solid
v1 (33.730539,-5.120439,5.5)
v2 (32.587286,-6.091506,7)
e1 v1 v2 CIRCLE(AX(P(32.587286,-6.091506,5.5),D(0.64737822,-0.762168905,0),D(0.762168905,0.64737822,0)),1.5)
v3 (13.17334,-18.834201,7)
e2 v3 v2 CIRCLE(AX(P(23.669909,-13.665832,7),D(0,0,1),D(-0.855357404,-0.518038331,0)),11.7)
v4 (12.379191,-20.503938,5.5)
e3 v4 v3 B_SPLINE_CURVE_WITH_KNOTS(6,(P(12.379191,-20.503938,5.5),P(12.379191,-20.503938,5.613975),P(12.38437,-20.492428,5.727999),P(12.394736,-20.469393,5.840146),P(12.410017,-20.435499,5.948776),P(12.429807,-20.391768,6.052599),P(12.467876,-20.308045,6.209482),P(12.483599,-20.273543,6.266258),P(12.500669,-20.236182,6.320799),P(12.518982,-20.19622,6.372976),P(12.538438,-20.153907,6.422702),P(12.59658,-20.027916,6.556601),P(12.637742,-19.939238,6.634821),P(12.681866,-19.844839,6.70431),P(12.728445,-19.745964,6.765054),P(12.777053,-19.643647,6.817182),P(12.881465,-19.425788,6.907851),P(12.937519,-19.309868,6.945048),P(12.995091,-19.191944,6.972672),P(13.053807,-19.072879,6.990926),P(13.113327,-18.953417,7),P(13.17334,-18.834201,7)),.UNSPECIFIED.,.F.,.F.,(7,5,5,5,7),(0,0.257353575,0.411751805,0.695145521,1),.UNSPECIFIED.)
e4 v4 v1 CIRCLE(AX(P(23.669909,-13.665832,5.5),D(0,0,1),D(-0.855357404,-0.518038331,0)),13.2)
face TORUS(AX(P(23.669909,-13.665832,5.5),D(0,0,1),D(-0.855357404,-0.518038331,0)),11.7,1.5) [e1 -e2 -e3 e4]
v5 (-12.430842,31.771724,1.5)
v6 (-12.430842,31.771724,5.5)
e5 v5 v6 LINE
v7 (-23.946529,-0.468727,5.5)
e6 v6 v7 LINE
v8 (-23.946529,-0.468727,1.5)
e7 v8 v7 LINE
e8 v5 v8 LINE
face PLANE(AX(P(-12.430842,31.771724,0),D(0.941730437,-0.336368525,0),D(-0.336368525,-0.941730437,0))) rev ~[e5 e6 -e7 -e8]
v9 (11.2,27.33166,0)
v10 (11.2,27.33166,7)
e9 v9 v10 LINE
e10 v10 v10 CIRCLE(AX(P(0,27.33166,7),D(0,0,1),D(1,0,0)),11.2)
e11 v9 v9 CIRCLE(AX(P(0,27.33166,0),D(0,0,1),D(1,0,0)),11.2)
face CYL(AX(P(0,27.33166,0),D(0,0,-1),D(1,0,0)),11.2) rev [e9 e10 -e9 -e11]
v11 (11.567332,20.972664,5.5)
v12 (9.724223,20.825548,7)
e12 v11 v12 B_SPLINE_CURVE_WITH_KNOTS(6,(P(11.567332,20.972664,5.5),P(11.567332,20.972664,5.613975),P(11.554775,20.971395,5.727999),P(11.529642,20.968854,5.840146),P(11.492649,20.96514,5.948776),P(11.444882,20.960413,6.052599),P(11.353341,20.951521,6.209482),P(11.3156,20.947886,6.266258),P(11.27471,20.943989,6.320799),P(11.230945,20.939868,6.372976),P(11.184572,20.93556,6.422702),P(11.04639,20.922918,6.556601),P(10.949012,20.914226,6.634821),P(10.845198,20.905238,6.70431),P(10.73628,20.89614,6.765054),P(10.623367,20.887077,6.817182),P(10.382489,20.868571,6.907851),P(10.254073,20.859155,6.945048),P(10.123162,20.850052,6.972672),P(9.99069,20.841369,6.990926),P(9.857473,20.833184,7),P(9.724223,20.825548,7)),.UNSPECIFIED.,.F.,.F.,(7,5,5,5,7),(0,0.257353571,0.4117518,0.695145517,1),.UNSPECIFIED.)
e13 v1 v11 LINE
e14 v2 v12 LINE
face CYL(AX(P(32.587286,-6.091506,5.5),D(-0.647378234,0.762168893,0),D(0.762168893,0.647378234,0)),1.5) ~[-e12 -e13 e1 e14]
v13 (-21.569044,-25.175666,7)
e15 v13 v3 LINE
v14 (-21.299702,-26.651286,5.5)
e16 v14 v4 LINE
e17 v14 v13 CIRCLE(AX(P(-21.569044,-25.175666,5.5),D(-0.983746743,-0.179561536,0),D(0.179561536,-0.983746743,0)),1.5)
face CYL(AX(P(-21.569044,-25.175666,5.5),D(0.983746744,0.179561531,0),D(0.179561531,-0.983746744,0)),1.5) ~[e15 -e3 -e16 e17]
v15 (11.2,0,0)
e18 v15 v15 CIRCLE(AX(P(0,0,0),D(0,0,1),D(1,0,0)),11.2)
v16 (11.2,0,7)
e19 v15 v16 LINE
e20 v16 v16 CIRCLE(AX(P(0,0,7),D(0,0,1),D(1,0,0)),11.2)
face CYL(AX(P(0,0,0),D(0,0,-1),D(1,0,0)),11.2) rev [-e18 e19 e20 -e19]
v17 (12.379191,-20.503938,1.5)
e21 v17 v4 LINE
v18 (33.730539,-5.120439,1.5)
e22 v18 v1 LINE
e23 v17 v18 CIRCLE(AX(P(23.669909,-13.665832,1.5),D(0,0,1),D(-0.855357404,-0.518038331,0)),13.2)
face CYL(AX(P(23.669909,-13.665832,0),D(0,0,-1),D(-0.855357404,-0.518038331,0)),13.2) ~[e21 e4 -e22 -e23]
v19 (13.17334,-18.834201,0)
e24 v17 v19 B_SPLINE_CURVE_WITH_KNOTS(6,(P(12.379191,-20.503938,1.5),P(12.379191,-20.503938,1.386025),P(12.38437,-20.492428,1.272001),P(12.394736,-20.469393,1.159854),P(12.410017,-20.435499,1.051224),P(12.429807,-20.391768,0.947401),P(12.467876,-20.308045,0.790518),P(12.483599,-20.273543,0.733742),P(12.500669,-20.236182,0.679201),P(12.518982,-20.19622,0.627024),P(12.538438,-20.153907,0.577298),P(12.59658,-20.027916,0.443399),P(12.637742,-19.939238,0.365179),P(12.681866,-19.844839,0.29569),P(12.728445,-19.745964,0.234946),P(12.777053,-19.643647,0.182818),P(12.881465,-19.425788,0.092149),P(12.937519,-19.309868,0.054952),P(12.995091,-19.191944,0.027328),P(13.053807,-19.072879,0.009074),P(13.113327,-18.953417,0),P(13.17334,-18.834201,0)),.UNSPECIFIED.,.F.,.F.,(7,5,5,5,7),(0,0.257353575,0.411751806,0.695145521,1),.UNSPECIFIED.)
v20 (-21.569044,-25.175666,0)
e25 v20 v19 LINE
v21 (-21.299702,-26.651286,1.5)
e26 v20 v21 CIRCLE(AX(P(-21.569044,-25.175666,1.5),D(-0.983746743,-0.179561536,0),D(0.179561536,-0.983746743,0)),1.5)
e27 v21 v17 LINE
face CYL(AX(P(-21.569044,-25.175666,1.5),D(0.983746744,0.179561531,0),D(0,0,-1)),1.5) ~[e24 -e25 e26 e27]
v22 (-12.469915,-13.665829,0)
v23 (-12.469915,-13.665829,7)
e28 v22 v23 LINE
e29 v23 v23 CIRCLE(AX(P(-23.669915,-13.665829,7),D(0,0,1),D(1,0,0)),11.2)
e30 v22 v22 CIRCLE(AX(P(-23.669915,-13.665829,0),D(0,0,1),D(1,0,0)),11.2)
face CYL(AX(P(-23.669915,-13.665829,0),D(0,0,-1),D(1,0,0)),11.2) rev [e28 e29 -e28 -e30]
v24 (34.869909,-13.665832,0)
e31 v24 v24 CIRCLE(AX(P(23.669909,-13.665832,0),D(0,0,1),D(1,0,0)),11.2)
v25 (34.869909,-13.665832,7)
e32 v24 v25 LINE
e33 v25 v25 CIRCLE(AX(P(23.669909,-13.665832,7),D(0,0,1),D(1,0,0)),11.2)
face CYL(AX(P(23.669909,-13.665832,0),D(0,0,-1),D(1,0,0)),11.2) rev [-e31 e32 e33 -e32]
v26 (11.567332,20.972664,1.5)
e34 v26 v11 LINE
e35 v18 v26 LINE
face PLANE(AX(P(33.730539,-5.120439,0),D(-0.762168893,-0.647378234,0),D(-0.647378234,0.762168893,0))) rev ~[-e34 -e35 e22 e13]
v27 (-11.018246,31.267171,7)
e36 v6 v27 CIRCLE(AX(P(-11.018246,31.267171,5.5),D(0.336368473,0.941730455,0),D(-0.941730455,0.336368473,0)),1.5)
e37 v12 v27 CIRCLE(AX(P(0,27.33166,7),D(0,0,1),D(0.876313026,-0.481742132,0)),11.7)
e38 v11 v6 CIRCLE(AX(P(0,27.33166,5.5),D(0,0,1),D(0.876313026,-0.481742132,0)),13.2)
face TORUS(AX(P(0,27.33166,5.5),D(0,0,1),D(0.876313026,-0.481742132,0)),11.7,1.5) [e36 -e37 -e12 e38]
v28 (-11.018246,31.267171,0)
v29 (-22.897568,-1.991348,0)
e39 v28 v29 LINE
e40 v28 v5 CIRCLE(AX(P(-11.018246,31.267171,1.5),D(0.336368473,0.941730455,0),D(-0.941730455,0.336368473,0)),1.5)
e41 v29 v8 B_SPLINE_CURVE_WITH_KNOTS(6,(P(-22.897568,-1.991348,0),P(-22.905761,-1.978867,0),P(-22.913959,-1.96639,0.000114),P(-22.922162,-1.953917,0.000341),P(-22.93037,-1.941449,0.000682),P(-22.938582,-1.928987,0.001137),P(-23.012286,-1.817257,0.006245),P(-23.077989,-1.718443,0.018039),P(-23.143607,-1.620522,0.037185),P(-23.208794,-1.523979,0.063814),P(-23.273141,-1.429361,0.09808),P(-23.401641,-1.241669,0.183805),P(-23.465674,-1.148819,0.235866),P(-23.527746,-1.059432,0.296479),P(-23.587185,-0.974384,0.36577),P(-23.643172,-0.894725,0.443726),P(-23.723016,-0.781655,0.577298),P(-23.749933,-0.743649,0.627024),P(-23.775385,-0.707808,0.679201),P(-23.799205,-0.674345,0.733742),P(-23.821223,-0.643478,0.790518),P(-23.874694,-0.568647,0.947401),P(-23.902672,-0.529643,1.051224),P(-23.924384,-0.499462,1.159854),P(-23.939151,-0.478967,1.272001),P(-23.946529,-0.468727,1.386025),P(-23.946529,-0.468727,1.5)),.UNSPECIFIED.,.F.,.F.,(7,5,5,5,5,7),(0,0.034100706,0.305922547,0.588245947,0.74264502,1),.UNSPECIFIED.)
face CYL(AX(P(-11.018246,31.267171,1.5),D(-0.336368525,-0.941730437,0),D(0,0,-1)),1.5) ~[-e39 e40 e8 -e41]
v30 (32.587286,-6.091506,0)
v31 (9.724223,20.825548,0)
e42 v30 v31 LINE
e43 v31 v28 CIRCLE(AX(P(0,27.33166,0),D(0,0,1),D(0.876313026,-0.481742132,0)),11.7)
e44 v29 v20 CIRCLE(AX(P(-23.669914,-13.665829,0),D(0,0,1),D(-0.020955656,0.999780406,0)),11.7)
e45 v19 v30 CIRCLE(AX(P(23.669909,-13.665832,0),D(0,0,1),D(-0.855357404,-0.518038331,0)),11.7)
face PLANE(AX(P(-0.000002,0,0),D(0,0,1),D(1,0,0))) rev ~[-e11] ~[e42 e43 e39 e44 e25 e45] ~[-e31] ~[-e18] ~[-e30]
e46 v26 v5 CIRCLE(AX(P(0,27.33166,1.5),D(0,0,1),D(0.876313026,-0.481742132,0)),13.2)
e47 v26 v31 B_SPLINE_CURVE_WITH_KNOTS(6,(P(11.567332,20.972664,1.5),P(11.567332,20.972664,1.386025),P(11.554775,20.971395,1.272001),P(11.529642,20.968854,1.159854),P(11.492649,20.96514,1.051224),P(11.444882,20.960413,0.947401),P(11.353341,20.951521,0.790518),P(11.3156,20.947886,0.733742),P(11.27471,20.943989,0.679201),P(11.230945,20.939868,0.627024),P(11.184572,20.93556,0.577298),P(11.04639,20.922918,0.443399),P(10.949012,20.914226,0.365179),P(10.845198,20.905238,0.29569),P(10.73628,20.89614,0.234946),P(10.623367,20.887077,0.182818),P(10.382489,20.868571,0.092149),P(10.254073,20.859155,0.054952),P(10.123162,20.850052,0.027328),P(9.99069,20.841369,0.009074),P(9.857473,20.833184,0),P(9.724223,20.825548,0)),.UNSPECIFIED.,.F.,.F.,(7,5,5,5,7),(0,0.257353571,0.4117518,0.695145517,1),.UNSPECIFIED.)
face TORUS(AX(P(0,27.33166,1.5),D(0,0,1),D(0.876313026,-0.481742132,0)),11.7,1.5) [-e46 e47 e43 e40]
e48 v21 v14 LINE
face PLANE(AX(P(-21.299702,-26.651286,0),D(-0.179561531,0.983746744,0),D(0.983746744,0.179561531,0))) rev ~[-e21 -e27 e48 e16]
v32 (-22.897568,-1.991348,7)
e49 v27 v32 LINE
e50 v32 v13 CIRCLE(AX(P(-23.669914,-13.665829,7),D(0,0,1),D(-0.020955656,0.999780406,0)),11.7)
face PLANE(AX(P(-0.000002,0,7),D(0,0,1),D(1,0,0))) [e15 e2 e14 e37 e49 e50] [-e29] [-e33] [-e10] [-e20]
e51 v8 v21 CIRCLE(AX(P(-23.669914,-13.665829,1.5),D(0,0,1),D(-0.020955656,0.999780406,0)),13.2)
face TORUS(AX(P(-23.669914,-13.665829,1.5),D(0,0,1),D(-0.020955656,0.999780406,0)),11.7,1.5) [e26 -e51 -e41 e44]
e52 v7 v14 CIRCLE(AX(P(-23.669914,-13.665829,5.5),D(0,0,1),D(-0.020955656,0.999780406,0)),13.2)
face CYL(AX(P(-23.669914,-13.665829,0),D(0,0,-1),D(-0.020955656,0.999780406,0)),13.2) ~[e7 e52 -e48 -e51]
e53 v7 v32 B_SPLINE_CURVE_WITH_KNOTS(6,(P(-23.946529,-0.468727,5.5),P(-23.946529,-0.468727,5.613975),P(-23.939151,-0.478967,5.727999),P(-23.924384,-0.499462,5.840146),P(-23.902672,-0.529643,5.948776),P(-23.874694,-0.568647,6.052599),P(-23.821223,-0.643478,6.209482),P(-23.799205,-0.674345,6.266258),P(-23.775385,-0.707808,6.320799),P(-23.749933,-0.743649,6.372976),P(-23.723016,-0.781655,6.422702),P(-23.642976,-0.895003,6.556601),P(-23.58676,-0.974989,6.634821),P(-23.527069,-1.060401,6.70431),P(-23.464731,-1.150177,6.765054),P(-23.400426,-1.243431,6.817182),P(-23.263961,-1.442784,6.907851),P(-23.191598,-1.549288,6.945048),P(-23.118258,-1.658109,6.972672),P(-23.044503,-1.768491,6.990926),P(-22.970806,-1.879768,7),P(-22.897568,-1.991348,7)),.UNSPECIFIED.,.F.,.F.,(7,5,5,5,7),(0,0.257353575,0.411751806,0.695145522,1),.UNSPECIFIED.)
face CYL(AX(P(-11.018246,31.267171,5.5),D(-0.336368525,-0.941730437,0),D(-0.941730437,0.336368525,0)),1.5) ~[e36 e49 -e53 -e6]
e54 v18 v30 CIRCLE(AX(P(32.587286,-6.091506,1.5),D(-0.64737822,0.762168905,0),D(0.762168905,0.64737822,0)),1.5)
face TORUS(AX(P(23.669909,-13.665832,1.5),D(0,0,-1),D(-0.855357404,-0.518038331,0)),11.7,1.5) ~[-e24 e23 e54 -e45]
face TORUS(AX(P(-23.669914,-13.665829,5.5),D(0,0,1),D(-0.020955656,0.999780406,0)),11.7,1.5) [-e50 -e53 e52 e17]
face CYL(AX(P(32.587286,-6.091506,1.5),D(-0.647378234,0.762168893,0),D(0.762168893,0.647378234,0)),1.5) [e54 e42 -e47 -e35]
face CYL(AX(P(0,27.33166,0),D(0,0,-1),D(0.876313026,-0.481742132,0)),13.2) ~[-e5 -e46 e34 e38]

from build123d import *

# Parameters (mm, degrees)
F0_R     = 11.2
F1_DEPTH = 7
F2_R     = 1.5
F3_R     = 1.5


with BuildPart() as f1:
    # F0 (on Top) → F1 (new body)
    with BuildSketch(Plane.XY):
        with BuildLine():
            Line((33.730539, -5.120439), (11.567332, 20.972664))
            ThreePointArc((11.567332, 20.972664), (5.416765, 39.369046), (-12.430842, 31.771724))
            Line((-12.430842, 31.771724), (-23.946529, -0.468727))
            ThreePointArc((-23.946529, -0.468727), (-36.802979, -14.993466), (-21.299702, -26.651286))
            Line((-21.299702, -26.651286), (12.379191, -20.503938))
            ThreePointArc((12.379191, -20.503938), (31.386209, -24.375581), (33.730539, -5.120439))
        make_face()
        with Locations((-23.669915, -13.665829)):
            Circle(F0_R, mode=Mode.SUBTRACT)
        with Locations((23.669909, -13.665832)):
            Circle(F0_R, mode=Mode.SUBTRACT)
        Circle(F0_R, mode=Mode.SUBTRACT)
        with Locations((0, 27.33166)):
            Circle(F0_R, mode=Mode.SUBTRACT)
    extrude(amount=F1_DEPTH)

    # F2
    f2_edges = [f1.edges().sort_by_distance(p)[0] for p in [
        (22.648935, 7.926112, 7),
        (31.386209, -24.375581, 7),
        (-4.460256, -23.577612, 7),
        (-36.802979, -14.993466, 7),
        (-18.188685, 15.651498, 7),
        (5.416765, 39.369046, 7),
    ]]
    fillet(f2_edges, radius=F2_R)

    # F3
    f3_edges = [f1.edges().sort_by_distance(p)[0] for p in [
        (31.386209, -24.375581, 0),
        (22.648935, 7.926112, 0),
        (5.416765, 39.369046, 0),
        (-18.188685, 15.651498, 0),
        (-36.802979, -14.993466, 0),
        (-4.460256, -23.577612, 0),
    ]]
    fillet(f3_edges, radius=F3_R)


solid = f1.part
